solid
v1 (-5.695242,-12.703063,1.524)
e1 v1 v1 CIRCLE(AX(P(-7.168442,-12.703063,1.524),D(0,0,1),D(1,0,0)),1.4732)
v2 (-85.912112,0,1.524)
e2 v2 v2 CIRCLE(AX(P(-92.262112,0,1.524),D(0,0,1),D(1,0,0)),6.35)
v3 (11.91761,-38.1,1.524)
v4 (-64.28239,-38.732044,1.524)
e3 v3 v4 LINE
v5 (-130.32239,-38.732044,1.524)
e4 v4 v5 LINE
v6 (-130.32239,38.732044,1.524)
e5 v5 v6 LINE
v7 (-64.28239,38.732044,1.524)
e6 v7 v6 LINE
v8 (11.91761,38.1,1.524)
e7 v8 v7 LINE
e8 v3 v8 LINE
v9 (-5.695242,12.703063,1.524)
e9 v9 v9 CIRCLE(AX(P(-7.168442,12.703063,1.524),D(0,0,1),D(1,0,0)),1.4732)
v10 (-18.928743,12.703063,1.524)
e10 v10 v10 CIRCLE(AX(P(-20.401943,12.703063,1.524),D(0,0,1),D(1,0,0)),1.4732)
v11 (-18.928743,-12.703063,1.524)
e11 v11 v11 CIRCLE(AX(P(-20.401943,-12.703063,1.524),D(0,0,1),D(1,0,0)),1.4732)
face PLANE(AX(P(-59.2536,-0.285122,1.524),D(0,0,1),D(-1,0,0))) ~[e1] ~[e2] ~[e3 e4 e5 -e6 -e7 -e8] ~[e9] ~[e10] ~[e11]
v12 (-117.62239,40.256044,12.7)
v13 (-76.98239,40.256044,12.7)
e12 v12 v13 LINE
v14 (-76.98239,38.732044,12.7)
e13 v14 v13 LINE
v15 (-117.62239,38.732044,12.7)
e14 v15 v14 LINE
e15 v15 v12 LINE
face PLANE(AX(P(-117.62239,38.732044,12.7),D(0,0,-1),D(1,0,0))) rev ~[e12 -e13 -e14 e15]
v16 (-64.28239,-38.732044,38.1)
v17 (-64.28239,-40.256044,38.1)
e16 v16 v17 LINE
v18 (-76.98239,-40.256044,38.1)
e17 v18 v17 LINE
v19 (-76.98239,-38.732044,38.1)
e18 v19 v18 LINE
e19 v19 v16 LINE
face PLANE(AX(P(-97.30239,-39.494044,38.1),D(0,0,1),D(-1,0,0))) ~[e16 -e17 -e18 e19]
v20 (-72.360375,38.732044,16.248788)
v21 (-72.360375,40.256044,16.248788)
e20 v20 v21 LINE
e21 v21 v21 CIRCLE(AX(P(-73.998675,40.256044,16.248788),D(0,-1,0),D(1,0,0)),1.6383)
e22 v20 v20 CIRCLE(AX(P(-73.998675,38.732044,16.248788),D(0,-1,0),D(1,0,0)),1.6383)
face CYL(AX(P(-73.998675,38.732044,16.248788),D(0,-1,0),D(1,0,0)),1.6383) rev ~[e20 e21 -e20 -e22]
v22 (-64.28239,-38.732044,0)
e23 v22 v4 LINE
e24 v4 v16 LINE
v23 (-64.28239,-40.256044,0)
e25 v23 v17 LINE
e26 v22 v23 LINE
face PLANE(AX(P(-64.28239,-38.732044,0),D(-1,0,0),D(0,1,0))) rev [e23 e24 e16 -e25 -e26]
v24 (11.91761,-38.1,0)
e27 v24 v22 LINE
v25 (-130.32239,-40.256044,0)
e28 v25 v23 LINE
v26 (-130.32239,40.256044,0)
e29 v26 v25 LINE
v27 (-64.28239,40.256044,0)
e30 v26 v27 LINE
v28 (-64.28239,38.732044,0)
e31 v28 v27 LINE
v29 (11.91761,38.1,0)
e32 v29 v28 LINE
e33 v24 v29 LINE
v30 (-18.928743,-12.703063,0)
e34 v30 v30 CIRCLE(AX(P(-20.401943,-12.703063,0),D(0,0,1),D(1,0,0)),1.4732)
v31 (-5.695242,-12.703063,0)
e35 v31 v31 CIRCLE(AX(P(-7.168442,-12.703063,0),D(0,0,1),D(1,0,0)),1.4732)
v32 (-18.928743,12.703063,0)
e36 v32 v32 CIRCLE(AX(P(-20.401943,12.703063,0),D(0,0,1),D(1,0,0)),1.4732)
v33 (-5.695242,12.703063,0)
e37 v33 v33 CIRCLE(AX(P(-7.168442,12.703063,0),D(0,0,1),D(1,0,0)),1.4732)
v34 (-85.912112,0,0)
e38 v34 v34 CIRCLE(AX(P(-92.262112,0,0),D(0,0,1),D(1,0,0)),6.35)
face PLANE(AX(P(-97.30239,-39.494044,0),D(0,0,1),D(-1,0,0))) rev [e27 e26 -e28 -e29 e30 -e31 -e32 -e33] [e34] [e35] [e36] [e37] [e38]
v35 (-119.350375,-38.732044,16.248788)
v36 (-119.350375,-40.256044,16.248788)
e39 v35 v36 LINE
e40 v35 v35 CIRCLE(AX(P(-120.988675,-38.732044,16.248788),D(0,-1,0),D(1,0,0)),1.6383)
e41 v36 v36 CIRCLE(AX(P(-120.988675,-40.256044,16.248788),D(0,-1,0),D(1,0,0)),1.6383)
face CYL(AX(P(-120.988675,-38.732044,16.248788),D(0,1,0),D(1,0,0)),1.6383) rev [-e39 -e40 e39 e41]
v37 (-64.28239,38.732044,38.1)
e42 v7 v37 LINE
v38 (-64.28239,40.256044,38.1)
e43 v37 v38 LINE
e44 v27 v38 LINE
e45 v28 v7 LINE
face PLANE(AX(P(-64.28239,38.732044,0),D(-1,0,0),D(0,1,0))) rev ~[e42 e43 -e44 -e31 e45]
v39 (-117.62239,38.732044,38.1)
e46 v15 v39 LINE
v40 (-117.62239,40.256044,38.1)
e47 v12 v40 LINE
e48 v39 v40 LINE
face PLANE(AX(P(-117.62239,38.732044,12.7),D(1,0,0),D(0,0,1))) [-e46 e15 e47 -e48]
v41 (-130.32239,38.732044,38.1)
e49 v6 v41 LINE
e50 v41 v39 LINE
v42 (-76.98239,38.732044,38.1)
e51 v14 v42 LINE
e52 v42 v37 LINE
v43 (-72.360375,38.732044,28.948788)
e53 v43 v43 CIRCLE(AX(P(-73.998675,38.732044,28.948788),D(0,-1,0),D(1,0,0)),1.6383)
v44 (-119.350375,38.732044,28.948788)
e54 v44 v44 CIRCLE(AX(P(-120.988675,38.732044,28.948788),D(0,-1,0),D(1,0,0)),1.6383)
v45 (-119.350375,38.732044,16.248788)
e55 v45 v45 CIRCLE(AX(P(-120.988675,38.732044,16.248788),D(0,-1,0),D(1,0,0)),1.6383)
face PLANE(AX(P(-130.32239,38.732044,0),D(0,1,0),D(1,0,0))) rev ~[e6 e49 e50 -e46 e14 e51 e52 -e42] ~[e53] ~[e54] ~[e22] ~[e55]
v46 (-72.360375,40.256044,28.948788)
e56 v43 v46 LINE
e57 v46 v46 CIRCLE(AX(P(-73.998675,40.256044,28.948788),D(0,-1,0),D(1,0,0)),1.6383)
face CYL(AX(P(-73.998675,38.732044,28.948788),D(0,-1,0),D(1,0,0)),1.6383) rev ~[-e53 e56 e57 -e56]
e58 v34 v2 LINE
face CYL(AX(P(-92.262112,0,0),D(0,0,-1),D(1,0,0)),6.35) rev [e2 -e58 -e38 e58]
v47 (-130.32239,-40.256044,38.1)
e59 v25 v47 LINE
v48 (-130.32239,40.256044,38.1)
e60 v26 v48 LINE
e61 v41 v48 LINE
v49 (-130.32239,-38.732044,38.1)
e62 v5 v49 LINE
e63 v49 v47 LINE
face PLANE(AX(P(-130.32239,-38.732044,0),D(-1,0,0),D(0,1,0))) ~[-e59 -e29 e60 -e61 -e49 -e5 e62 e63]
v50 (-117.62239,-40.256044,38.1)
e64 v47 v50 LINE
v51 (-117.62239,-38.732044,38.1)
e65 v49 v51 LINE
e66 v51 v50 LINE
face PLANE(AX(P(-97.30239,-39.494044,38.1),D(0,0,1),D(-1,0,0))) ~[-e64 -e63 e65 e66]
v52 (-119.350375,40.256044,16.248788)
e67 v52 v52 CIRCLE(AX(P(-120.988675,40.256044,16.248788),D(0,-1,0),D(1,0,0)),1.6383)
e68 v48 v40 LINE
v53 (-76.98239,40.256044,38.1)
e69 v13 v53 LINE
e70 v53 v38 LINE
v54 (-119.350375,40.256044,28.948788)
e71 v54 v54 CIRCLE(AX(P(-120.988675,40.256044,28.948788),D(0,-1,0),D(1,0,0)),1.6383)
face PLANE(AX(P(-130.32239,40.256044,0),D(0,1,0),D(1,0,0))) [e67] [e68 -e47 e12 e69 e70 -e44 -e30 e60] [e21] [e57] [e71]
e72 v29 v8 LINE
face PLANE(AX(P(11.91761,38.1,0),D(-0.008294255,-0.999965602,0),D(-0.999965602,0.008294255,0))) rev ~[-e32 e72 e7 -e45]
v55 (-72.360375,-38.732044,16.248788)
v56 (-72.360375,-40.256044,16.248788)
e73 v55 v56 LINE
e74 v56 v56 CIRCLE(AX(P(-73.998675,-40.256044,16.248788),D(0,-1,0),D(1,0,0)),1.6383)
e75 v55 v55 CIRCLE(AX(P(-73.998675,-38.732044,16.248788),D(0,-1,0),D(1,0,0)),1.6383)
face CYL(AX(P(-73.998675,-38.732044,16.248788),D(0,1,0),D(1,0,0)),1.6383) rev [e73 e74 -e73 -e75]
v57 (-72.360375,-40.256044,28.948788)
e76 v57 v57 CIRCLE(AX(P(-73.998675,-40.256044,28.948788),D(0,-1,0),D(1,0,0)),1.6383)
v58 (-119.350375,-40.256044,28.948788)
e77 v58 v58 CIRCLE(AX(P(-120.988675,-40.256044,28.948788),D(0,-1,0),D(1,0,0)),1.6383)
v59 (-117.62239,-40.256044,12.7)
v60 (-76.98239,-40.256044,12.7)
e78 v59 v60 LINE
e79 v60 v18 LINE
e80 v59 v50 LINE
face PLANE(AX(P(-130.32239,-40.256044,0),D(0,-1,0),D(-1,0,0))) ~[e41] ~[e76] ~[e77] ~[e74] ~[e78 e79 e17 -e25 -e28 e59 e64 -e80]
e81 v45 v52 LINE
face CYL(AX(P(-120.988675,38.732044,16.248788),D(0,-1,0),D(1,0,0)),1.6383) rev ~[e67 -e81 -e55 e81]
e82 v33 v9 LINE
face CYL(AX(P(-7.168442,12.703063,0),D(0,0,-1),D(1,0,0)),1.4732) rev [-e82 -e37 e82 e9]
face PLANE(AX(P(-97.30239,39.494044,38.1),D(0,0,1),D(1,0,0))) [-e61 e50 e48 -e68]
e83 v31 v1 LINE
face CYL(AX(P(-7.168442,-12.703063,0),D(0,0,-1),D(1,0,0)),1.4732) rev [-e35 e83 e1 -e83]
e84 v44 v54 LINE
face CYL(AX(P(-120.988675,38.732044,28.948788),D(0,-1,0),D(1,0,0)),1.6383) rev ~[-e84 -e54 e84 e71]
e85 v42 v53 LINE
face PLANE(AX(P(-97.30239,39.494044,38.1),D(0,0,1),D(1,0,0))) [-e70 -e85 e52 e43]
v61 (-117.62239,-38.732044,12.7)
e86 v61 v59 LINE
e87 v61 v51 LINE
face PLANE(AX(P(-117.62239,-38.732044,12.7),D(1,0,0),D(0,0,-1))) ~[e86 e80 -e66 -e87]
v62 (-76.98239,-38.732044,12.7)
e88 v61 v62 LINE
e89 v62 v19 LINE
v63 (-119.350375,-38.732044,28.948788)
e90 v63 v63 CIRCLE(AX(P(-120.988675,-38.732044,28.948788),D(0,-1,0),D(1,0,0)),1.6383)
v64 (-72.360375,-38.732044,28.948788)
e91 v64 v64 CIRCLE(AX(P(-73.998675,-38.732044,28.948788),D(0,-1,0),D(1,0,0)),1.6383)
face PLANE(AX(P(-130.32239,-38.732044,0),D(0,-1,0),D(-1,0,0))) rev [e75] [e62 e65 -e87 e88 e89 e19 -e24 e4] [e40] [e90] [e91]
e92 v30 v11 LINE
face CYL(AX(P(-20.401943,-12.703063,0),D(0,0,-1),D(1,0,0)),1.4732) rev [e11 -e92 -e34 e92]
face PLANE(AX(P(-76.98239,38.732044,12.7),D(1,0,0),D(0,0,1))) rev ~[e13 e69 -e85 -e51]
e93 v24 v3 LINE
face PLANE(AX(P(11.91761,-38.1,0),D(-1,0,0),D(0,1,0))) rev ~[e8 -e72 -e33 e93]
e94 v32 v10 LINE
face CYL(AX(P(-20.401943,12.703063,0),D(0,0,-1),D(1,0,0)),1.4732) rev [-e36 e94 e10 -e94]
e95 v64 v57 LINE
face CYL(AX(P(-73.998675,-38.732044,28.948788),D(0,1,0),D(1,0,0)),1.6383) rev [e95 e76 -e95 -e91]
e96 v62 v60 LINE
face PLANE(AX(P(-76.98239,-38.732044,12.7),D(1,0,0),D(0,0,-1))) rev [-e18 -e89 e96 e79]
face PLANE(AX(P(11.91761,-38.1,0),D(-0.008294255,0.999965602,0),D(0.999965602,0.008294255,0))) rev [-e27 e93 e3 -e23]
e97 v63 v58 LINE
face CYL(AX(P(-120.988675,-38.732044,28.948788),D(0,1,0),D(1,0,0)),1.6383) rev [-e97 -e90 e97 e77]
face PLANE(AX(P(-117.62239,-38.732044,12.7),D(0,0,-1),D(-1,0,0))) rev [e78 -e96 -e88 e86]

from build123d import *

# Parameters (mm, degrees)
F0_R     = 6.35
F0_R_2   = 1.4732
F1_DEPTH = 1.524
F2_W     = 66.04
F2_H     = 1.524
F3_DEPTH = 38.1
F4_W     = 40.64
F4_H     = 25.4
F4_R     = 1.6383
F5_DEPTH = 1.524


with BuildPart() as f1:
    # F0 (on Top) → F1 (new body)
    with BuildSketch(Plane.XY):
        Polygon((11.91761, 0), (11.91761, 38.1), (-64.28239, 38.732044), (-130.32239, 38.732044), (-130.32239, 0), (-130.32239, -37.783978), (11.91761, -38.1), align=None)
        with Locations((-92.262112, 0)):
            Circle(F0_R, mode=Mode.SUBTRACT)
        with Locations((-20.401943, -12.703063)):
            Circle(F0_R_2, mode=Mode.SUBTRACT)
        with Locations((-7.168442, -12.703063)):
            Circle(F0_R_2, mode=Mode.SUBTRACT)
        with Locations((-20.401943, 12.703063)):
            Circle(F0_R_2, mode=Mode.SUBTRACT)
        with Locations((-7.168442, 12.703063)):
            Circle(F0_R_2, mode=Mode.SUBTRACT)
        Polygon((-64.28239, -38.1), (11.91761, -38.1), (-130.32239, -37.783978), align=None)
    extrude(amount=F1_DEPTH)

    # F2 (on Top) → F3 (join)
    with BuildSketch(Plane.XY):
        with Locations((-97.30239, 39.494044)):
            Rectangle(F2_W, F2_H)
    extrude(amount=F3_DEPTH)

    # F4 (on face) → F5 (cut)
    with BuildSketch(Plane.XZ.offset(-38.732044)):
        with Locations((-97.30239, 25.4)):
            Rectangle(F4_W, F4_H)
        with Locations((-120.988675, 28.948788)):
            Circle(F4_R)
        with Locations((-120.988675, 16.248788)):
            Circle(F4_R)
        with Locations((-73.998675, 16.248788)):
            Circle(F4_R)
        with Locations((-73.998675, 28.948788)):
            Circle(F4_R)
    extrude(amount=-F5_DEPTH, mode=Mode.SUBTRACT)

    # F6: F1 across plane


with BuildPart() as f1_1:
    add(f1.part)
    add(f1.part.mirror(Plane.XZ))


solid = f1_1.part
